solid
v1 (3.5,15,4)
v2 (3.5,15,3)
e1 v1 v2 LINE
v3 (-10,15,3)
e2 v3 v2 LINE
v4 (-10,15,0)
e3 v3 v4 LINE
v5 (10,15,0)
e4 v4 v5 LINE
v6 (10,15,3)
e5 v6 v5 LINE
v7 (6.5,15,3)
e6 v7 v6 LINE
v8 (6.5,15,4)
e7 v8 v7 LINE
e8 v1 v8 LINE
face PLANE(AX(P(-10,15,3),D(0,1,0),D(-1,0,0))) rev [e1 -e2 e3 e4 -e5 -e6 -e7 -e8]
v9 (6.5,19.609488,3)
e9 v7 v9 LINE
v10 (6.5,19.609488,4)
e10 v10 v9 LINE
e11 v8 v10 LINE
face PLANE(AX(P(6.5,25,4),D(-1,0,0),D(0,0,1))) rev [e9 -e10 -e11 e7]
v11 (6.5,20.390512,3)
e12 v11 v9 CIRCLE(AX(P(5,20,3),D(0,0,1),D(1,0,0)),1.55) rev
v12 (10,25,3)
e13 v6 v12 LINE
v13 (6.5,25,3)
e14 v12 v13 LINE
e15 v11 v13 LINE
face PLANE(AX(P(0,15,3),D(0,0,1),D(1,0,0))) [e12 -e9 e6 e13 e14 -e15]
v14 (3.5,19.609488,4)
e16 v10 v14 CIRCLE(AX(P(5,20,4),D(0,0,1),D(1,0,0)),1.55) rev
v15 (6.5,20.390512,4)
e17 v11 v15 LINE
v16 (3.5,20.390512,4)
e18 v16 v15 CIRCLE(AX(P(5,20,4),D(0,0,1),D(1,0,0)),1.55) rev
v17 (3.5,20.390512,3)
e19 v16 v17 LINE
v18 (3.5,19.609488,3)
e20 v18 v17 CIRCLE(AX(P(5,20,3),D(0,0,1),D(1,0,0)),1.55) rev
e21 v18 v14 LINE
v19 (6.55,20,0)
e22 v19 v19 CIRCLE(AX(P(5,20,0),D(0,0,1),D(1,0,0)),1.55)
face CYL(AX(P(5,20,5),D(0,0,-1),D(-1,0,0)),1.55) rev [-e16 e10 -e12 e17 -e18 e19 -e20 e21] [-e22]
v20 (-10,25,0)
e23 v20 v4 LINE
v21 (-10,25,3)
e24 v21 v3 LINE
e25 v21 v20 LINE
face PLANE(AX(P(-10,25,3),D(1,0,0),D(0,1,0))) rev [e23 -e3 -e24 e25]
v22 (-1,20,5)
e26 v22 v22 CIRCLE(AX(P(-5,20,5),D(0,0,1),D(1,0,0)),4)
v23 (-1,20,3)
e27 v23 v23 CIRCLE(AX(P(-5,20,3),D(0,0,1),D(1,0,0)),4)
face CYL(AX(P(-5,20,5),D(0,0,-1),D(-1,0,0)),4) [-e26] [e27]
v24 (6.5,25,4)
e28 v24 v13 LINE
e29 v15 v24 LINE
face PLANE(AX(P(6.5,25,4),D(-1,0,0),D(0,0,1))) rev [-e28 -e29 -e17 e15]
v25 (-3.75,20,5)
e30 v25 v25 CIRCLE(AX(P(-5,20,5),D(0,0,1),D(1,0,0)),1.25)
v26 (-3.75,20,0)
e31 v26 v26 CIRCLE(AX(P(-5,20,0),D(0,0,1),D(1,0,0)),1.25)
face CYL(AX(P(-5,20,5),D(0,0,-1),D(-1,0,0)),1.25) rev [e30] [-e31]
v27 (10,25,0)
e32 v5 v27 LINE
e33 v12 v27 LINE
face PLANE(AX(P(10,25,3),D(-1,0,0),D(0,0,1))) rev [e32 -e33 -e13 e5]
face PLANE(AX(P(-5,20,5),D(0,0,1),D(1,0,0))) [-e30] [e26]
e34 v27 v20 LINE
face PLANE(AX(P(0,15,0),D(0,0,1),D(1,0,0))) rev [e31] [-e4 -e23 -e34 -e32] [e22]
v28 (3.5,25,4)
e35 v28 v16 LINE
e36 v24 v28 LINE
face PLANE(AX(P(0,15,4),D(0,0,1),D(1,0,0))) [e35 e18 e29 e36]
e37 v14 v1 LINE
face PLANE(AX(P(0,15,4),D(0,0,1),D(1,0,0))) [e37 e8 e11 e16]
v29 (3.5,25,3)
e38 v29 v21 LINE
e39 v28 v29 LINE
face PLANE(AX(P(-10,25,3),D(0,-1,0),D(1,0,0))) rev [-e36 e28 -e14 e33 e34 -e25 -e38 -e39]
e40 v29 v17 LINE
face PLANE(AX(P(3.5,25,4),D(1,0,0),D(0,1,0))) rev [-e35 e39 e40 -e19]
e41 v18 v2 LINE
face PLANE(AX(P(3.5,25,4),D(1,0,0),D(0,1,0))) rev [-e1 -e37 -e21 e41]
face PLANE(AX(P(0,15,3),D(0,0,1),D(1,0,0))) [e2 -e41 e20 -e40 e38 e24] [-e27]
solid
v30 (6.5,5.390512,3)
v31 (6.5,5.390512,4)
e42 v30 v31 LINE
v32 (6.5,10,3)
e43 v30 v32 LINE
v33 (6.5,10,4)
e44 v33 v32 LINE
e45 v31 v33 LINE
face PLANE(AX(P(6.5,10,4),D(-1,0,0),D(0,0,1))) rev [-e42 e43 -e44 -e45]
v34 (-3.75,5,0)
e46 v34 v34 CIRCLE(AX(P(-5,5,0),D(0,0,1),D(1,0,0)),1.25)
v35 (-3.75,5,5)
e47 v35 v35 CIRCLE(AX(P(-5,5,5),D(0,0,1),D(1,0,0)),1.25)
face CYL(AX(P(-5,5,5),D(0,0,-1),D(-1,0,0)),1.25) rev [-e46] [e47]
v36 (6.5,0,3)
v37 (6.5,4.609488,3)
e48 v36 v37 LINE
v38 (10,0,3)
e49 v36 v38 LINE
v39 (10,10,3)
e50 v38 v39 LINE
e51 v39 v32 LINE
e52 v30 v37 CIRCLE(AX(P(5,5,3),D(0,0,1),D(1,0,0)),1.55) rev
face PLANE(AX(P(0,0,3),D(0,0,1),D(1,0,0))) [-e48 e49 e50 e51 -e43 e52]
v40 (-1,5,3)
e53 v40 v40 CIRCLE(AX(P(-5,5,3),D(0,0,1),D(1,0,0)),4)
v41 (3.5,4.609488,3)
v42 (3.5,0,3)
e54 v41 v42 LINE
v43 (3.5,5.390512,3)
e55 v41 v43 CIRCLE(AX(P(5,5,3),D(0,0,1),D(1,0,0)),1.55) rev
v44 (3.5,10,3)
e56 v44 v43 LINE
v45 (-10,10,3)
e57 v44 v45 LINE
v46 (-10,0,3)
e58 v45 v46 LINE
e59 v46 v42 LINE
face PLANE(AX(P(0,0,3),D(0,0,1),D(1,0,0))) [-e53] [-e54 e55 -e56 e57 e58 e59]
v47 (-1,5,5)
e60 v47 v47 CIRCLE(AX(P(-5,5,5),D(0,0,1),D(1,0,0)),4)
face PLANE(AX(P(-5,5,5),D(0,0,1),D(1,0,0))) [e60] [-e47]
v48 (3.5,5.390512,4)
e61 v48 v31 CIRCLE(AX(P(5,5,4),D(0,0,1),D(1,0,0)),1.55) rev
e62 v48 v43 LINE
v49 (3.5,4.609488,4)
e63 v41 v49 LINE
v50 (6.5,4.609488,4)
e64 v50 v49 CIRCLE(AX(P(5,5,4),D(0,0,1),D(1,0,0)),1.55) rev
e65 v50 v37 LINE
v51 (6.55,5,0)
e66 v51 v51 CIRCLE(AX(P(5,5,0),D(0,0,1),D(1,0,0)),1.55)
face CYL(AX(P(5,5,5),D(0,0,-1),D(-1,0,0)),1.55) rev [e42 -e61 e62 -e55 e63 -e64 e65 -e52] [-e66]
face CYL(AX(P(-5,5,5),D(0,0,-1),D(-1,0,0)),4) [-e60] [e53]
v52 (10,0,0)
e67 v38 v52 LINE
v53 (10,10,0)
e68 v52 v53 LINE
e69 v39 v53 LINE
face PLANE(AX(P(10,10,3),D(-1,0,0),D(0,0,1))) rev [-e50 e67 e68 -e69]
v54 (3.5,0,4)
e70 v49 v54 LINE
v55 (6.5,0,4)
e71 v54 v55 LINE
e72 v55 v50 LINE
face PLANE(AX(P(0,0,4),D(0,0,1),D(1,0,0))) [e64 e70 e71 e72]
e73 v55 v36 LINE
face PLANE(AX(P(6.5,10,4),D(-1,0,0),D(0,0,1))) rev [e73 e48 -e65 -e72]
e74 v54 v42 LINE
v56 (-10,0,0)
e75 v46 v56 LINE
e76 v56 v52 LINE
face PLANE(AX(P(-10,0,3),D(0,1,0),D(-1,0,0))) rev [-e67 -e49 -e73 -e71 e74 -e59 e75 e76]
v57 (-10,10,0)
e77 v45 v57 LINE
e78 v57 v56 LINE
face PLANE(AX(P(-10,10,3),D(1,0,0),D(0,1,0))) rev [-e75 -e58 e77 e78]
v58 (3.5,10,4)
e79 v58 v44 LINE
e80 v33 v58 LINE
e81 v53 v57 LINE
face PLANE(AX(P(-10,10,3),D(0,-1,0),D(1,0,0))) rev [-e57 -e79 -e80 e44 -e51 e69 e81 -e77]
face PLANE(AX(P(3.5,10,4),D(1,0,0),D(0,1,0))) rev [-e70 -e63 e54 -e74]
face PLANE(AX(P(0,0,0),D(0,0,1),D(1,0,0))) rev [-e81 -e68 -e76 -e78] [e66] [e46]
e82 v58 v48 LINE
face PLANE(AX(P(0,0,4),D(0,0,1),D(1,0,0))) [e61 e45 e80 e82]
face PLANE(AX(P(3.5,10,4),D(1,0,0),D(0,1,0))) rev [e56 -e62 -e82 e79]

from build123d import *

# Parameters (mm, degrees)
SKETCH1_W           = 20
SKETCH1_H           = 10
BOSS_EXTRUDE1_DEPTH = 3
SKETCH2_R           = 4
SKETCH2_R_2         = 1.25
BOSS_EXTRUDE2_DEPTH = 2
SKETCH3_W           = 3
SKETCH3_H           = 10
BOSS_EXTRUDE3_DEPTH = 1
SKETCH4_R           = 1.25
SKETCH4_R_2         = 1.55
CUT_EXTRUDE1_DEPTH  = 6
LPATTERN1_COUNT     = 2
LPATTERN1_PITCH     = 15


with BuildPart() as part:
    # Sketch1 → Boss-Extrude1 (new body)
    with BuildSketch(Plane.XY):
        with Locations((0, 5)):
            Rectangle(SKETCH1_W, SKETCH1_H)
    extrude(amount=BOSS_EXTRUDE1_DEPTH)

    # Sketch2 → Boss-Extrude2 (add)
    with BuildSketch(Plane.XY.offset(3)):
        with Locations((-5, 5)):
            Circle(SKETCH2_R)
        with Locations((-5, 5)):
            Circle(SKETCH2_R_2, mode=Mode.SUBTRACT)
    extrude(amount=BOSS_EXTRUDE2_DEPTH)

    # Sketch3 → Boss-Extrude3 (add)
    with BuildSketch(Plane.XY.offset(3)):
        with Locations((5, 5)):
            Rectangle(SKETCH3_W, SKETCH3_H)
    extrude(amount=BOSS_EXTRUDE3_DEPTH)

    # Sketch4 → Cut-Extrude1 (cut, through all)
    with BuildSketch(Plane.XY):
        with Locations((-5, 5)):
            Circle(SKETCH4_R)
        with Locations((5, 5)):
            Circle(SKETCH4_R_2)
    extrude(amount=CUT_EXTRUDE1_DEPTH, mode=Mode.SUBTRACT)


with BuildPart() as lpattern1_1:
    # LPattern1: pattern copy
    add(part.part.moved(Location(Vector(0, 1, 0) * (1 * LPATTERN1_PITCH))))


solid = Compound([part.part, lpattern1_1.part])
